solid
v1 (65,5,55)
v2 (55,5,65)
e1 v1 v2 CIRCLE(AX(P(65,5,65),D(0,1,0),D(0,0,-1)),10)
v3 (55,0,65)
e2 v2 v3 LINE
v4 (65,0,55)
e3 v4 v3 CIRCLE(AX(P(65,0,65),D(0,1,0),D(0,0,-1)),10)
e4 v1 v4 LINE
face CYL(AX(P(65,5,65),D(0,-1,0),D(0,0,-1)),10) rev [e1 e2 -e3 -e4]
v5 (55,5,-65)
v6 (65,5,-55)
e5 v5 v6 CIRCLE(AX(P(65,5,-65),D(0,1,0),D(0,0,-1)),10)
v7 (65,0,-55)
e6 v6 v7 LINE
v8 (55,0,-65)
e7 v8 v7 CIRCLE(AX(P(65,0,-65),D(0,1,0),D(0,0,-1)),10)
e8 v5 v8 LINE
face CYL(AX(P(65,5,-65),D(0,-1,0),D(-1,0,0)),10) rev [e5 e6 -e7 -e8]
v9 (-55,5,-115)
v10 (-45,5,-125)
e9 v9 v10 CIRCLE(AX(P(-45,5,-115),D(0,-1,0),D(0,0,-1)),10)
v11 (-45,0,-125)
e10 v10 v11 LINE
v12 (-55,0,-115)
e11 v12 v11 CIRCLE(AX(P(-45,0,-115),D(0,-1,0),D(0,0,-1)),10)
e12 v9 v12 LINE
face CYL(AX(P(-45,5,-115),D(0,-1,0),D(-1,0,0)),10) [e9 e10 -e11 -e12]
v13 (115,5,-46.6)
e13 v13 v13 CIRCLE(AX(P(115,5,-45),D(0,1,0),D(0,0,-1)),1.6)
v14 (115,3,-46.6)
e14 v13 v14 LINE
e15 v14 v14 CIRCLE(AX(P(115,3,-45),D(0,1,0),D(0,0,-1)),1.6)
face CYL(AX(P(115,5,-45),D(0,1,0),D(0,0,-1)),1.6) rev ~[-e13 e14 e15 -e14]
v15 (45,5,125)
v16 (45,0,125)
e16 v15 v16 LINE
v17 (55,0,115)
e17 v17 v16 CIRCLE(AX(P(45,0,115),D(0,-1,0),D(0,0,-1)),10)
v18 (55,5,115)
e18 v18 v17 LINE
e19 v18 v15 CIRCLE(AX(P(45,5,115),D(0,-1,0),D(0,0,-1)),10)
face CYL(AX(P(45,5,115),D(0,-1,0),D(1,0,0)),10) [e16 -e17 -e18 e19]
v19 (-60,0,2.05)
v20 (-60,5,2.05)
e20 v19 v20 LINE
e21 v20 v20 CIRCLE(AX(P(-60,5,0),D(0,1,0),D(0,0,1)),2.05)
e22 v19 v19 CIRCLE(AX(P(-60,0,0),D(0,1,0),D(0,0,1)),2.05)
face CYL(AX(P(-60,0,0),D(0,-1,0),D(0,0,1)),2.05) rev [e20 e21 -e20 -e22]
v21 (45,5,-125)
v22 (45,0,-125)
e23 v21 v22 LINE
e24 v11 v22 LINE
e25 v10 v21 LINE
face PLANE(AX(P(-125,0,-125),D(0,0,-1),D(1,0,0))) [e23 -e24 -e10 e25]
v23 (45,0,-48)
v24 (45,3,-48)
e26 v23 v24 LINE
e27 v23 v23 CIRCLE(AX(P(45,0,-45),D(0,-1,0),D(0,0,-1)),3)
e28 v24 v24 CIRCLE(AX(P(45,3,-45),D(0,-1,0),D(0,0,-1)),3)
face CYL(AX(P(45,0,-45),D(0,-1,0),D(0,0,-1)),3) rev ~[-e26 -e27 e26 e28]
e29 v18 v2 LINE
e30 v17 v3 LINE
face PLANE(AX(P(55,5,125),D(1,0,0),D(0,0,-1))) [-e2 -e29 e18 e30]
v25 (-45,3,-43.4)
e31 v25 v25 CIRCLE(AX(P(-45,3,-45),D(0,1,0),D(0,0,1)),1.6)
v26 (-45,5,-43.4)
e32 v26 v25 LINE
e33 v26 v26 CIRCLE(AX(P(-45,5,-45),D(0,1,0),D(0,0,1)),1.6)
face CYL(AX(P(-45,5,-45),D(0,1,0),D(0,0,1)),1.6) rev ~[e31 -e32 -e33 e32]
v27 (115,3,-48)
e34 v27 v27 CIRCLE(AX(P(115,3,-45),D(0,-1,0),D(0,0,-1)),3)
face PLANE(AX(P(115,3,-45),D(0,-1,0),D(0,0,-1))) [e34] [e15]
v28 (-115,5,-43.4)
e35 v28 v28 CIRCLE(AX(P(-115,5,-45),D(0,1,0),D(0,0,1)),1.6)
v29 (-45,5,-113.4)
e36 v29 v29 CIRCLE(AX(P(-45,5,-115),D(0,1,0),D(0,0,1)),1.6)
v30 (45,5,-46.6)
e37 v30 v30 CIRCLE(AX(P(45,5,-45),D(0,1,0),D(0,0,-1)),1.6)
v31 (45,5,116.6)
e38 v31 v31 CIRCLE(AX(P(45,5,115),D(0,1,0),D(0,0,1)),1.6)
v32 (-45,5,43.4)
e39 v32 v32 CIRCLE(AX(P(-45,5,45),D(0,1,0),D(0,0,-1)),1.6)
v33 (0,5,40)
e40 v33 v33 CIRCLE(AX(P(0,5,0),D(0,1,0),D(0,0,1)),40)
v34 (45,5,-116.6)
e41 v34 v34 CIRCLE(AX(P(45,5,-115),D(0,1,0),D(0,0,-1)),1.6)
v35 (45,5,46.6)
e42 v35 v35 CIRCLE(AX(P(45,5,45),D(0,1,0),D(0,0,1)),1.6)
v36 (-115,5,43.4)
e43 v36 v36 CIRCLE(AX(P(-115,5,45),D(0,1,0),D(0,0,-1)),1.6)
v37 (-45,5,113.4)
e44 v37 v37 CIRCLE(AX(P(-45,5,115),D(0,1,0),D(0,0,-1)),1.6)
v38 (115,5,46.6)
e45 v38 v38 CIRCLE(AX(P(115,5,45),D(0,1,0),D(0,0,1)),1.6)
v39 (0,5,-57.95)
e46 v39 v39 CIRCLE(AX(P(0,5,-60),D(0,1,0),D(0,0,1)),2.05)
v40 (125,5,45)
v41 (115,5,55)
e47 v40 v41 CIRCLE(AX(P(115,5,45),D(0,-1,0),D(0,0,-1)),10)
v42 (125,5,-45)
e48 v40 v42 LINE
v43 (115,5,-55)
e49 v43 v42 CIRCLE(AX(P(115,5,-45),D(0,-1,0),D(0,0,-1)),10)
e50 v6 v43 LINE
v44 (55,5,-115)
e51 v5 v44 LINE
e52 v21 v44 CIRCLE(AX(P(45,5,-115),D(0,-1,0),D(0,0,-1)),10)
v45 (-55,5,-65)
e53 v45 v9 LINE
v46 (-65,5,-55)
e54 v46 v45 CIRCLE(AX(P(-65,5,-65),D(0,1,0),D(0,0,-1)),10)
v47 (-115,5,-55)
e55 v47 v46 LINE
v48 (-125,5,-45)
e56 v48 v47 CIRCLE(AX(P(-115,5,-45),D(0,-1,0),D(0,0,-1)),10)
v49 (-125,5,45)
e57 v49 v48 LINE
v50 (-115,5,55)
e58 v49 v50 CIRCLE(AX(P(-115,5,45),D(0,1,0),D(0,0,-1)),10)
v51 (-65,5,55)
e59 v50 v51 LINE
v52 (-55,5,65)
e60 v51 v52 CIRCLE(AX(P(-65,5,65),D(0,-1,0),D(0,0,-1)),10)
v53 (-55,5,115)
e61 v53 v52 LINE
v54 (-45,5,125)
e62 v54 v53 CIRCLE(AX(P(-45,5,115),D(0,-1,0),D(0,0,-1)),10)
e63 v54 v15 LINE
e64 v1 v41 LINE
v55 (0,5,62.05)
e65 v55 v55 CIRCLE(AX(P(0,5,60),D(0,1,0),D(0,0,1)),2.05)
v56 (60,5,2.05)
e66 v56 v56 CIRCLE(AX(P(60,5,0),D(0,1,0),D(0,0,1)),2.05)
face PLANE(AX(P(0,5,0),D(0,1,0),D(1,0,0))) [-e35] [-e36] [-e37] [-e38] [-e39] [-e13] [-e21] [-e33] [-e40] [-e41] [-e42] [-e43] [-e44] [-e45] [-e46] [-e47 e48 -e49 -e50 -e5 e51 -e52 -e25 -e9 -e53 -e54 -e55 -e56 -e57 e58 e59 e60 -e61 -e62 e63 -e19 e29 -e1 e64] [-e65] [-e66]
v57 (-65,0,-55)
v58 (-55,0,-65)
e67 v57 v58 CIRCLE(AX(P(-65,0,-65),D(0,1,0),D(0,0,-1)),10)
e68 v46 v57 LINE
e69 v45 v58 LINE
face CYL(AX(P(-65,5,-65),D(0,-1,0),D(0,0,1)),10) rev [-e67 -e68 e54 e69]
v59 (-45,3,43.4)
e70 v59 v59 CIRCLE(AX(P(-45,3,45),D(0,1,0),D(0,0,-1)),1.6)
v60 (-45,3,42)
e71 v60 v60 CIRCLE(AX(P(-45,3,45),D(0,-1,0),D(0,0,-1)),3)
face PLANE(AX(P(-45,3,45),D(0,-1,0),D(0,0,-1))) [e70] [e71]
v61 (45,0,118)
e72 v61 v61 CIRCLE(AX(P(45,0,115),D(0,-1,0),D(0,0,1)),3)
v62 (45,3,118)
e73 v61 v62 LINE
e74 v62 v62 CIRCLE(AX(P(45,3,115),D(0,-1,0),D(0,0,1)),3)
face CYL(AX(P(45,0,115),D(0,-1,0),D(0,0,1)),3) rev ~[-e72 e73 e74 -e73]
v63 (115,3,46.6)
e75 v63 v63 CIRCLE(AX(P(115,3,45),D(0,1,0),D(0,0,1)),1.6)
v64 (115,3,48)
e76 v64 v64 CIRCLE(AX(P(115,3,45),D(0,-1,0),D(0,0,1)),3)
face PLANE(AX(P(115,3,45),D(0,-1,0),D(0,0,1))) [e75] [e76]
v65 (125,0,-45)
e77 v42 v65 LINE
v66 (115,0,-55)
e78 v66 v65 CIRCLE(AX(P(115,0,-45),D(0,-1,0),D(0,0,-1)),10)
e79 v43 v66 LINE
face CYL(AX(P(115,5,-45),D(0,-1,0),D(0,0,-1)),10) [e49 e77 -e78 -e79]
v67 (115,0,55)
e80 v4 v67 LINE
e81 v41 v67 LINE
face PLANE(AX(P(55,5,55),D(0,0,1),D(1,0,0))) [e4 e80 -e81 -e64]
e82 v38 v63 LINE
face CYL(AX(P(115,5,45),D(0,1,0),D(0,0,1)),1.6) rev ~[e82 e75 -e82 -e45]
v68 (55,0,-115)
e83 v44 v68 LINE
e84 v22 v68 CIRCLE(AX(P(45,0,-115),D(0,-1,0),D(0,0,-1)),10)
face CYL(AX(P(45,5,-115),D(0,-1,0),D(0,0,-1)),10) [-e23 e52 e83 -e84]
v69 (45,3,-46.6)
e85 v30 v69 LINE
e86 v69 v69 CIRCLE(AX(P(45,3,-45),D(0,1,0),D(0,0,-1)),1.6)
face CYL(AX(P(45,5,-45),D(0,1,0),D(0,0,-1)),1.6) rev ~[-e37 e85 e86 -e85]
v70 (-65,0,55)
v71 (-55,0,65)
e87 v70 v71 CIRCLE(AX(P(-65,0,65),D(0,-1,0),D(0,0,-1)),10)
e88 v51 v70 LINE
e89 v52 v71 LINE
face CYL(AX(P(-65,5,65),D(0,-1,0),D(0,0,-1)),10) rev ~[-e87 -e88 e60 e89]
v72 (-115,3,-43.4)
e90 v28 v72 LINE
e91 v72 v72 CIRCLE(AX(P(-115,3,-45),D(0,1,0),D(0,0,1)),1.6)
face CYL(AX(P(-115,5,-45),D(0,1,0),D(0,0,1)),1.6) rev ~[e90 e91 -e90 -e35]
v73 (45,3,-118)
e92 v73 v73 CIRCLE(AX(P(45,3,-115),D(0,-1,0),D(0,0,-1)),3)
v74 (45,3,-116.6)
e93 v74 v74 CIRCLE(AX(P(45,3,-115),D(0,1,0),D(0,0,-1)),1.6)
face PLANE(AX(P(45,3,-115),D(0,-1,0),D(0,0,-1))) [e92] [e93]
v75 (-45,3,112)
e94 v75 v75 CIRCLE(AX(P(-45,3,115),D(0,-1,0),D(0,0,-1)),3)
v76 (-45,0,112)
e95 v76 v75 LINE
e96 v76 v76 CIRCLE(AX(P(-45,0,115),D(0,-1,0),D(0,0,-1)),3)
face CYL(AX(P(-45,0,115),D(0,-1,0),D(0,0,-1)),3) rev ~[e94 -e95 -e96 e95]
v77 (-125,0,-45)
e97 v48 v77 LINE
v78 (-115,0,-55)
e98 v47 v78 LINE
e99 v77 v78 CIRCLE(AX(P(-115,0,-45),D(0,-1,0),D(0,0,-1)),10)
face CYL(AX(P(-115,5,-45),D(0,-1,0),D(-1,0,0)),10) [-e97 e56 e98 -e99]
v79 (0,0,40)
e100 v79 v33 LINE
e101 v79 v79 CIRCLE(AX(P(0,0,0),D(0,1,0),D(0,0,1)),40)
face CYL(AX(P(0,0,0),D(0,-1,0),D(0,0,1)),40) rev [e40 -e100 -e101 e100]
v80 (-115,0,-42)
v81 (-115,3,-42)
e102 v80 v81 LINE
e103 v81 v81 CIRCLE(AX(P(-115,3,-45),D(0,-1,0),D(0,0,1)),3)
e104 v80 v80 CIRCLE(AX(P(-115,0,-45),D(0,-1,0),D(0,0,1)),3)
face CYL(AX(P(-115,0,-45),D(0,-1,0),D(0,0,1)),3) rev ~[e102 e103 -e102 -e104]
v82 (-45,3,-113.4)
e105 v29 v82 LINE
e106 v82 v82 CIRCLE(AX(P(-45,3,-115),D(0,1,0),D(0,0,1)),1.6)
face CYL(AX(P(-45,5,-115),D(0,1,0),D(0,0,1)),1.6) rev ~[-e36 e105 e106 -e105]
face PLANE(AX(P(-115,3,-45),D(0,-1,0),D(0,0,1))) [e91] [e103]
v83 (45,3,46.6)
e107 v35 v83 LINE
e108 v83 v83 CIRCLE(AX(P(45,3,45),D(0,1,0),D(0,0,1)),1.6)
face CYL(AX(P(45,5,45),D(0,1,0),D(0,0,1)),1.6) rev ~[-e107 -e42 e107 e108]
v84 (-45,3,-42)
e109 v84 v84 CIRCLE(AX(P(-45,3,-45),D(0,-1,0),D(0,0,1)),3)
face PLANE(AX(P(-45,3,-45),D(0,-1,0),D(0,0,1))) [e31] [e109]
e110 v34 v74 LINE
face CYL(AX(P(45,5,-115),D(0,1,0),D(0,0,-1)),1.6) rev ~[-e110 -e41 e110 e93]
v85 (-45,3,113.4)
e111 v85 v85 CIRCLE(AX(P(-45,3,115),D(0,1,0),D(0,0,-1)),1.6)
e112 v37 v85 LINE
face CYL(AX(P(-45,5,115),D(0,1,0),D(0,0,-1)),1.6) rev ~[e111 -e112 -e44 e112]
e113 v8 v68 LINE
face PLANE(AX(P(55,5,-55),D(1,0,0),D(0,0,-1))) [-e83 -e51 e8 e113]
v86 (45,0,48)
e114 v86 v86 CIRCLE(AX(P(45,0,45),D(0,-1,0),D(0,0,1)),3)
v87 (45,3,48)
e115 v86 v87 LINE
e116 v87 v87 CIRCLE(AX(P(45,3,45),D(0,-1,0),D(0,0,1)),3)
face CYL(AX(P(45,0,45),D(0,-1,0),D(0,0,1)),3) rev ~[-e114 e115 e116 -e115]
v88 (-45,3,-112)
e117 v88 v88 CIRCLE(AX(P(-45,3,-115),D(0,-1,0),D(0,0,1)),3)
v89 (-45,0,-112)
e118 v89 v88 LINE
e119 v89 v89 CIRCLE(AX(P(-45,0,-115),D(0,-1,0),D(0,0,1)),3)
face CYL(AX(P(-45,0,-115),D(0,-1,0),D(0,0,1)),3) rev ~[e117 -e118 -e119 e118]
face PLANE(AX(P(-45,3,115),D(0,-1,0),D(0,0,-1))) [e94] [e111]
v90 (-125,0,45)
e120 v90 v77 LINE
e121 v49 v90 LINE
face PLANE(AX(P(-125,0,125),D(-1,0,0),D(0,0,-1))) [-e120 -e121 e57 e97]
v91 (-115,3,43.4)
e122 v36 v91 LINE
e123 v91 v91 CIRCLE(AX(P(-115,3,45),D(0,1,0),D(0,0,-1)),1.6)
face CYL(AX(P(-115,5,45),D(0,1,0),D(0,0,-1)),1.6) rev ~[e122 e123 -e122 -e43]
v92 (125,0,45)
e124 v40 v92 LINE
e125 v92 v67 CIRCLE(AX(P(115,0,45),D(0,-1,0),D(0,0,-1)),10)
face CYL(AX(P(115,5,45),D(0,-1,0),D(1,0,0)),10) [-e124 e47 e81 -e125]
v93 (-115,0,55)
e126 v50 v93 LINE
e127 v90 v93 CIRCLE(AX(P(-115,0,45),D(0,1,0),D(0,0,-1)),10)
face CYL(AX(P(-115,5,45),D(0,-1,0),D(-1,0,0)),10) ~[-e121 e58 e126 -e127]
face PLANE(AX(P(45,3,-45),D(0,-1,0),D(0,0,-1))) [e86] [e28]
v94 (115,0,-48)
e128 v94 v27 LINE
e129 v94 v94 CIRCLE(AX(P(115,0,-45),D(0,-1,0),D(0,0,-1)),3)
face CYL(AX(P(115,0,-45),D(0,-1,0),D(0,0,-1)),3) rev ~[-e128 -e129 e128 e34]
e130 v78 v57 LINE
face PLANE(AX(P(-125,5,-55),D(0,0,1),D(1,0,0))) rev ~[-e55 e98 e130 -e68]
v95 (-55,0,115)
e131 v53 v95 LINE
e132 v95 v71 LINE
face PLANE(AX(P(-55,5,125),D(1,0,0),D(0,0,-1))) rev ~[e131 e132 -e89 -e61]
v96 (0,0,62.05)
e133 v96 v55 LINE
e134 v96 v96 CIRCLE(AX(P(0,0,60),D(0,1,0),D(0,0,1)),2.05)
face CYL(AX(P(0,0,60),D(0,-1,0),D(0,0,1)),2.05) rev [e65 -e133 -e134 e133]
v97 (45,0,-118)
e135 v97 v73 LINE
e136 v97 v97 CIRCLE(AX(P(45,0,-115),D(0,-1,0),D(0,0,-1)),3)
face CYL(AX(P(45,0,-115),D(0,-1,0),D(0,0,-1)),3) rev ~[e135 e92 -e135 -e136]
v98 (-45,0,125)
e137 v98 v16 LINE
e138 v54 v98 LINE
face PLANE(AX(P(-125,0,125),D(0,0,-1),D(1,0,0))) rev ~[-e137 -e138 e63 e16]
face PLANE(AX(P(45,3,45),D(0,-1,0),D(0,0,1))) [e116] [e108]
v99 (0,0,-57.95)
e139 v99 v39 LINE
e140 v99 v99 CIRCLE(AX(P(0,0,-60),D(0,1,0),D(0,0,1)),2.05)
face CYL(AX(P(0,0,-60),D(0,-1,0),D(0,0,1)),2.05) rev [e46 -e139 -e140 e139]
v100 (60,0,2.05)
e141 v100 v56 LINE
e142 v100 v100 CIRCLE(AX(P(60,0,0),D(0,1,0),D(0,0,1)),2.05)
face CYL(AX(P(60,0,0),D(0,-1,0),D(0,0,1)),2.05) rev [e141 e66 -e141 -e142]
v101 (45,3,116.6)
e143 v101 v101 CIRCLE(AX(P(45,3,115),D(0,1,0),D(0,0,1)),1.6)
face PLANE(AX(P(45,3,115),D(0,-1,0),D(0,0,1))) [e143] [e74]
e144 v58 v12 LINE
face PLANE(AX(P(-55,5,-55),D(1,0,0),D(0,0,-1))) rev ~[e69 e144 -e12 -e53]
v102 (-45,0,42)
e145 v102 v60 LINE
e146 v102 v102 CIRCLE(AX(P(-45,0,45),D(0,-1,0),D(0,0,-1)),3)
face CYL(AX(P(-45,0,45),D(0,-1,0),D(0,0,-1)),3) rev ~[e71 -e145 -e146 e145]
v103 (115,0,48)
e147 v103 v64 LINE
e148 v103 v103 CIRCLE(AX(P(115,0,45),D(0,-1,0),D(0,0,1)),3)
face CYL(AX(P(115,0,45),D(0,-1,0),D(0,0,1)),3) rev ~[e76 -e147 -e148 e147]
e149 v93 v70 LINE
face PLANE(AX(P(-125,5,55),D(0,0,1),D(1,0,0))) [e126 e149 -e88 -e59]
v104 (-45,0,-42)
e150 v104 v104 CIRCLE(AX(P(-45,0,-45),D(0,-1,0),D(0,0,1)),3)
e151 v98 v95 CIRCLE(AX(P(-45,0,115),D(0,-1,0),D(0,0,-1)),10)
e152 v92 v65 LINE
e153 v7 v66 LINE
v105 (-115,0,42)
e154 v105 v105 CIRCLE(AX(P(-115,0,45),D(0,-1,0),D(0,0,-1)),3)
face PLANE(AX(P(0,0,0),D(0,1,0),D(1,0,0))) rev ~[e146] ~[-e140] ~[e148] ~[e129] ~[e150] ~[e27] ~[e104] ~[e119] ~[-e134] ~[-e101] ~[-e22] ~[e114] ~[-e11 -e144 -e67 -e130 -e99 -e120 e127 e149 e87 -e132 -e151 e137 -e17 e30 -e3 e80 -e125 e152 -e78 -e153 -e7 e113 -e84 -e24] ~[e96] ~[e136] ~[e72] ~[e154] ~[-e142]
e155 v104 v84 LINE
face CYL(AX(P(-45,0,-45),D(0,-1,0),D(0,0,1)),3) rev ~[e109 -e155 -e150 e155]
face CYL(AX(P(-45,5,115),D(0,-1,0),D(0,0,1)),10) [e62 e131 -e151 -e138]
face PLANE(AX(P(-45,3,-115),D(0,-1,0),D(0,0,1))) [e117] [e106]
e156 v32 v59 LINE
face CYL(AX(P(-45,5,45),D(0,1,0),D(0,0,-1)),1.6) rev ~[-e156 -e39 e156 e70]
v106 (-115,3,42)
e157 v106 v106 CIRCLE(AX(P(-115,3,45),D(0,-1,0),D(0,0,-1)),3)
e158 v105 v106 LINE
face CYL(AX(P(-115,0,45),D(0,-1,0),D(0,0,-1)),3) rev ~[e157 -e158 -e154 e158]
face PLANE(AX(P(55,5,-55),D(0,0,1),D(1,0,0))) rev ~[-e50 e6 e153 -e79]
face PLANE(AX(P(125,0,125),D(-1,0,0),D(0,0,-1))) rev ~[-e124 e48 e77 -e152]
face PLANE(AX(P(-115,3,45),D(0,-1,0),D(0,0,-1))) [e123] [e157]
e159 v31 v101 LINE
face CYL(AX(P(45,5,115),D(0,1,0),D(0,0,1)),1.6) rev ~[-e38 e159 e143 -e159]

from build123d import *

# Parameters (mm, degrees)
SKETCH_1_W          = 250
SKETCH_1_H          = 250
SKETCH_1_R          = 40
SKETCH_1_R_2        = 2.05
EXTRUDE_1_DEPTH     = 5
SKETCH_2_R          = 1.6
SKETCH_2_W          = 70
SKETCH_2_H          = 70
CUT_EXTRUDE_1_DEPTH = 177.847391838
FILLET_1_R          = 10
SKETCH_4_R          = 3
CUT_EXTRUDE_3_DEPTH = 3


with BuildPart() as part:
    # ｽｹｯﾁ1 → ﾎﾞｽ - 押し出し1 (new body)
    with BuildSketch(Plane(origin=(0, 0, 0), x_dir=(1, 0, 0), z_dir=(0, 1, 0))):
        Rectangle(SKETCH_1_W, SKETCH_1_H)
        with Locations(Location((0, 0, 0), (0, 0, 270))):
            Circle(SKETCH_1_R, mode=Mode.SUBTRACT)
        with Locations(Location((0, 60, 0), (0, 0, 270))):
            Circle(SKETCH_1_R_2, mode=Mode.SUBTRACT)
        with Locations(Location((60, 0, 0), (0, 0, 270))):
            Circle(SKETCH_1_R_2, mode=Mode.SUBTRACT)
        with Locations(Location((0, -60, 0), (0, 0, 270))):
            Circle(SKETCH_1_R_2, mode=Mode.SUBTRACT)
        with Locations(Location((-60, 0, 0), (0, 0, 270))):
            Circle(SKETCH_1_R_2, mode=Mode.SUBTRACT)
    extrude(amount=EXTRUDE_1_DEPTH)

    # ｽｹｯﾁ2 → ｶｯﾄ - 押し出し1 (cut, through all)
    with BuildSketch(Plane(origin=(0, 5, 0), x_dir=(1, 0, 0), z_dir=(0, 1, 0))):
        with Locations(Location((-45, 115, 0), (0, 0, 270))):
            Circle(SKETCH_2_R)
        with Locations(Location((-45, 45, 0), (0, 0, 270))):
            Circle(SKETCH_2_R)
        with Locations(Location((-115, 45, 0), (0, 0, 270))):
            Circle(SKETCH_2_R)
        with Locations(Location((115, 45, 0), (0, 0, 90))):
            Circle(SKETCH_2_R)
        with Locations(Location((45, 115, 0), (0, 0, 90))):
            Circle(SKETCH_2_R)
        with Locations(Location((45, 45, 0), (0, 0, 90))):
            Circle(SKETCH_2_R)
        with Locations(Location((-115, -45, 0), (0, 0, 90))):
            Circle(SKETCH_2_R)
        with Locations(Location((-45, -45, 0), (0, 0, 90))):
            Circle(SKETCH_2_R)
        with Locations(Location((-45, -115, 0), (0, 0, 90))):
            Circle(SKETCH_2_R)
        with Locations(Location((45, -115, 0), (0, 0, 270))):
            Circle(SKETCH_2_R)
        with Locations(Location((45, -45, 0), (0, 0, 270))):
            Circle(SKETCH_2_R)
        with Locations(Location((115, -45, 0), (0, 0, 270))):
            Circle(SKETCH_2_R)
        with Locations((-90, 90)):
            Rectangle(SKETCH_2_W, SKETCH_2_H)
        with Locations((90, 90)):
            Rectangle(SKETCH_2_W, SKETCH_2_H)
        with Locations((90, -90)):
            Rectangle(SKETCH_2_W, SKETCH_2_H)
        with Locations((-90, -90)):
            Rectangle(SKETCH_2_W, SKETCH_2_H)
    extrude(amount=-CUT_EXTRUDE_1_DEPTH, mode=Mode.SUBTRACT)

    # ﾌｨﾚｯﾄ1
    fillet_1_edges = [part.edges().sort_by_distance(p)[0] for p in [
        (-125, 2.5, -55),
        (-55, 2.5, -125),
        (-55, 2.5, -55),
        (-125, 2.5, 55),
        (-55, 2.5, 55),
        (-55, 2.5, 125),
        (55, 2.5, 125),
        (55, 2.5, 55),
        (125, 2.5, 55),
        (125, 2.5, -55),
        (55, 2.5, -55),
        (55, 2.5, -125),
    ]]
    fillet(fillet_1_edges, radius=FILLET_1_R)

    # ｽｹｯﾁ4 → ｶｯﾄ - 押し出し3 (cut)
    with BuildSketch(Plane.XZ):
        with Locations(Location((-45, 115, 0), (0, 0, 270))):
            Circle(SKETCH_4_R)
        with Locations(Location((-45, 45, 0), (0, 0, 270))):
            Circle(SKETCH_4_R)
        with Locations(Location((-115, 45, 0), (0, 0, 270))):
            Circle(SKETCH_4_R)
        with Locations(Location((115, 45, 0), (0, 0, 90))):
            Circle(SKETCH_4_R)
        with Locations(Location((45, 45, 0), (0, 0, 90))):
            Circle(SKETCH_4_R)
        with Locations(Location((45, 115, 0), (0, 0, 90))):
            Circle(SKETCH_4_R)
        with Locations(Location((45, -115, 0), (0, 0, 270))):
            Circle(SKETCH_4_R)
        with Locations(Location((45, -45, 0), (0, 0, 270))):
            Circle(SKETCH_4_R)
        with Locations(Location((115, -45, 0), (0, 0, 270))):
            Circle(SKETCH_4_R)
        with Locations(Location((-115, -45, 0), (0, 0, 90))):
            Circle(SKETCH_4_R)
        with Locations(Location((-45, -45, 0), (0, 0, 90))):
            Circle(SKETCH_4_R)
        with Locations(Location((-45, -115, 0), (0, 0, 90))):
            Circle(SKETCH_4_R)
    extrude(amount=-CUT_EXTRUDE_3_DEPTH, mode=Mode.SUBTRACT)


solid = part.part
